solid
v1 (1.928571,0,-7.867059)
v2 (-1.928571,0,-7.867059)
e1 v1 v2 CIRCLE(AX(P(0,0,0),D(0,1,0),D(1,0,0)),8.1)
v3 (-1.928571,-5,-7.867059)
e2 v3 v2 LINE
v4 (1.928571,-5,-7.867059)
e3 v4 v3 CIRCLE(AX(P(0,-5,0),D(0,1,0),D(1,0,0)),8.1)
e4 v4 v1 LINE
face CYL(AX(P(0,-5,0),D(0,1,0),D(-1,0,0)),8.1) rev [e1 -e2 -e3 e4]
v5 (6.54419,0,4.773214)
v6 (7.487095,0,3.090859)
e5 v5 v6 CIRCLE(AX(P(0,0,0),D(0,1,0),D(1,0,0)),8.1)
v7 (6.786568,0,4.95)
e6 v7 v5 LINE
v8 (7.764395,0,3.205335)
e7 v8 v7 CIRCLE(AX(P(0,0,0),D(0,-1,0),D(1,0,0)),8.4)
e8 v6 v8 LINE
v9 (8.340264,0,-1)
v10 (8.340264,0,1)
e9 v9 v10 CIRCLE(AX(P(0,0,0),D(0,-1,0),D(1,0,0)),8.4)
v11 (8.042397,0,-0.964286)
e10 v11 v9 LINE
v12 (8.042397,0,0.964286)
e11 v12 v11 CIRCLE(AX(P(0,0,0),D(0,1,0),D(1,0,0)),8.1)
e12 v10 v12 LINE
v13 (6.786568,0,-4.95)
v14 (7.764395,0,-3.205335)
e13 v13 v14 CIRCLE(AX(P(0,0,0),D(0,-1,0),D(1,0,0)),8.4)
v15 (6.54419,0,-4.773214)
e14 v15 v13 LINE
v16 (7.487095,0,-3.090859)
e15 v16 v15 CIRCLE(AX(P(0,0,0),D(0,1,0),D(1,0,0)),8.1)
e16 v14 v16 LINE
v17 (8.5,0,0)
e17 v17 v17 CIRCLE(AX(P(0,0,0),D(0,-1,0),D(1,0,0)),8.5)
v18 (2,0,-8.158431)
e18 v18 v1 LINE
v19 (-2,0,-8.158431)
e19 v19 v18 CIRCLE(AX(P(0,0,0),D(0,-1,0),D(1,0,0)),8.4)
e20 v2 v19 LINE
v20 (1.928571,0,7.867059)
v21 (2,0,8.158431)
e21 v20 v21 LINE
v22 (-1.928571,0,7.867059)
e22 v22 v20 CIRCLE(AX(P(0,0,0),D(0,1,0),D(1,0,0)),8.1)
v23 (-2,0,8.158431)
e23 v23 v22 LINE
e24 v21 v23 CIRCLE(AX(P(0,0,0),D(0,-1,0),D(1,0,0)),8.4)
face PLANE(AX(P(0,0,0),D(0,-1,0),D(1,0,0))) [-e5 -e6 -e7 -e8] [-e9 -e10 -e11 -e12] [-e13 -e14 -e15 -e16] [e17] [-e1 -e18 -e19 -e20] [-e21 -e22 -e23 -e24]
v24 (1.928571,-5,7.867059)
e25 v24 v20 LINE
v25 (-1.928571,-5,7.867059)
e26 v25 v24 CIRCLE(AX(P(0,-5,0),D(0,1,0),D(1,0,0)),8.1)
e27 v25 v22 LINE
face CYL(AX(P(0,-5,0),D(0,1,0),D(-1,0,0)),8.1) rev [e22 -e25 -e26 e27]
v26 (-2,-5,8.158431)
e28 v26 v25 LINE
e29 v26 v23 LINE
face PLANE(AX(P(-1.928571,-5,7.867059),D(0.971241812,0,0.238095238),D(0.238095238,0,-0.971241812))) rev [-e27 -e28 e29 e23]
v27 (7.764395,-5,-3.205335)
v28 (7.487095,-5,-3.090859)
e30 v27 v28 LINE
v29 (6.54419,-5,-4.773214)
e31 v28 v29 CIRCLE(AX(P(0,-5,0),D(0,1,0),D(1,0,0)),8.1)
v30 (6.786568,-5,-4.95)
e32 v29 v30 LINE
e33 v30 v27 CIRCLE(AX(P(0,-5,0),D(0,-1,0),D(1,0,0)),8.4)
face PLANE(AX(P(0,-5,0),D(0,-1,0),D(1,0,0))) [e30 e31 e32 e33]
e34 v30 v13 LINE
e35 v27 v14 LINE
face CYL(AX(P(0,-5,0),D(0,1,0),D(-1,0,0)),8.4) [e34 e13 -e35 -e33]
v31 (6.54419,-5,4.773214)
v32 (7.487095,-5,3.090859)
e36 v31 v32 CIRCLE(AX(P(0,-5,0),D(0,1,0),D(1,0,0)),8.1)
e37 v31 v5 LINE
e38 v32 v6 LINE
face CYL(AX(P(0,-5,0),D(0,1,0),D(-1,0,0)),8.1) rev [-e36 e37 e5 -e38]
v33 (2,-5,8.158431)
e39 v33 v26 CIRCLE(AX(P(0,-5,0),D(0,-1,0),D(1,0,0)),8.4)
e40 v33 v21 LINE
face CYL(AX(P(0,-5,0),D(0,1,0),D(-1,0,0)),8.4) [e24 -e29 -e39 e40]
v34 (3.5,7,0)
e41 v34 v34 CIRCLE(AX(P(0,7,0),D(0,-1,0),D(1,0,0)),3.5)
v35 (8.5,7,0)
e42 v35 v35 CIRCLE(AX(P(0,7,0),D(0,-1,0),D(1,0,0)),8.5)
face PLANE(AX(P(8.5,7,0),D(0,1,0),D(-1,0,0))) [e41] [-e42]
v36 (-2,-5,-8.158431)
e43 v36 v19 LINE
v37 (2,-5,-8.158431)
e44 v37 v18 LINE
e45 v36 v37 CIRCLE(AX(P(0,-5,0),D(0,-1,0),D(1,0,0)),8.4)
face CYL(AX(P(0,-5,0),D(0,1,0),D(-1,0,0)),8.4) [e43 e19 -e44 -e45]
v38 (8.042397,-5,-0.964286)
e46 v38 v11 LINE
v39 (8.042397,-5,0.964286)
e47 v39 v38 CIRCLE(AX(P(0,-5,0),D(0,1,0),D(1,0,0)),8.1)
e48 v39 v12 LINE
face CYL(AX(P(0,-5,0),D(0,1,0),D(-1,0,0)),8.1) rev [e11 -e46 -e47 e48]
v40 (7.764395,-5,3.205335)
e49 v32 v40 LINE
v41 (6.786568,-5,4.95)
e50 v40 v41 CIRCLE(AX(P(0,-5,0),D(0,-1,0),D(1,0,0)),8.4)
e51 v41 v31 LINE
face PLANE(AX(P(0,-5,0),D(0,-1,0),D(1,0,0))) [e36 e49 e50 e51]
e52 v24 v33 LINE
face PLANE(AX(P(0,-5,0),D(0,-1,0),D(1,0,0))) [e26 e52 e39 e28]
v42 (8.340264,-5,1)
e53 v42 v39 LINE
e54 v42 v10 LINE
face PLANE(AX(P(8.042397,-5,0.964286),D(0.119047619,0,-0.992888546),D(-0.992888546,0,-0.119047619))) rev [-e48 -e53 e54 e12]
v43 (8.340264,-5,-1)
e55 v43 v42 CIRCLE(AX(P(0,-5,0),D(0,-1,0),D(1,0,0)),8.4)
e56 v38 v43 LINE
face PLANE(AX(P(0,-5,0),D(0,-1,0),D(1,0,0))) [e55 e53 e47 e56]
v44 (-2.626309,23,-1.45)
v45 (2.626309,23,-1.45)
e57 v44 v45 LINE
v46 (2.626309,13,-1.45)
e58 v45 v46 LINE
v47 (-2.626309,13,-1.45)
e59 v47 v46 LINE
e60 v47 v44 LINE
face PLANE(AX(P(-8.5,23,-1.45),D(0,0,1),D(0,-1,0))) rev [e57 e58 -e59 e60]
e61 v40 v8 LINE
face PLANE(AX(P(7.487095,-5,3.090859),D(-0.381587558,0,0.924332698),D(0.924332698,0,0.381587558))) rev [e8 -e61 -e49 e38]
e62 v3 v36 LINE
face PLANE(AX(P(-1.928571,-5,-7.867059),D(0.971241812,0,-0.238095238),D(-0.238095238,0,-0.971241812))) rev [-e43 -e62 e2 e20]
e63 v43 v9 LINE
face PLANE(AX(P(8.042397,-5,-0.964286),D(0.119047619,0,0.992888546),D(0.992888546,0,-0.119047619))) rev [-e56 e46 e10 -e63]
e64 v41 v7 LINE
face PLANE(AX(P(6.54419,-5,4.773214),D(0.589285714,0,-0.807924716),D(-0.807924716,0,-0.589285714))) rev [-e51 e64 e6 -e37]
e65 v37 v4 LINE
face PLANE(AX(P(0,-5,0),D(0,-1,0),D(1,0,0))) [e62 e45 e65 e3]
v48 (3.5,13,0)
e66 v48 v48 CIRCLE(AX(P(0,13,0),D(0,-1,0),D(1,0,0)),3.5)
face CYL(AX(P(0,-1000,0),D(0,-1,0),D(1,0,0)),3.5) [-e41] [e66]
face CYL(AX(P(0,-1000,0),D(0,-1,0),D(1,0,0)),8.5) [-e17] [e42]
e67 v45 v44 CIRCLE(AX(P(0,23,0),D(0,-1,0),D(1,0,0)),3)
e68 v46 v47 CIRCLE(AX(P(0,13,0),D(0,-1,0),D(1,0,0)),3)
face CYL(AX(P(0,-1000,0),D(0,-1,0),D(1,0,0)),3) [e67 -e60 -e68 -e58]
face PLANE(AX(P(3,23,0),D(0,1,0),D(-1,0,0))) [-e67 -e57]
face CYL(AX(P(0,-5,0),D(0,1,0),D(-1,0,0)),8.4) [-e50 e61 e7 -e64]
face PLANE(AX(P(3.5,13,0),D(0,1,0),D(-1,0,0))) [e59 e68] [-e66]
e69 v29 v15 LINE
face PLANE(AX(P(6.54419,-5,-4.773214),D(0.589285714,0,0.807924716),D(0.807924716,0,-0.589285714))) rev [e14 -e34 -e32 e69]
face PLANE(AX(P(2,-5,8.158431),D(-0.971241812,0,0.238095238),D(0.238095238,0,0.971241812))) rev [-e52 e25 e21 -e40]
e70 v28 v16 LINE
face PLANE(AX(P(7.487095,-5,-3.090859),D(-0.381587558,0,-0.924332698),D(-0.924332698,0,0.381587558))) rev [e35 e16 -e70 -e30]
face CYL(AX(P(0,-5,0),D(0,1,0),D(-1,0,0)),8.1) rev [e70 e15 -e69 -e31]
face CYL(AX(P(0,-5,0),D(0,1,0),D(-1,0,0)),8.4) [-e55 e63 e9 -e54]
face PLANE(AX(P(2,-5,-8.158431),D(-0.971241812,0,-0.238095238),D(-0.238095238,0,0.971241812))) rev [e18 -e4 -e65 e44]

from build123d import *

# Parameters (mm, degrees)
BOSS_EXTRUDE1_DEPTH     = 5
CUT_EXTRUDE1_DEPTH      = 26.951878545
CUT_EXTRUDE1_DEPTH_BACK = 26.951878545
SKETCH4_W               = 1.55
SKETCH4_H               = 10


with BuildPart() as part:
    # Sketch2 → Revolve1 (revolve)
    with BuildSketch(Plane.XY):
        Polygon((0, 0), (8.5, 0), (8.5, 7), (3.5, 7), (3.5, 13), (3, 13), (3, 23), (0, 23), align=None)
    revolve(axis=Axis((0, -1000, 0), (0, 1, 0)))

    # Sketch3 → Boss-Extrude1 (add)
    with BuildSketch(Plane.XZ):
        with BuildLine():
            Line((6.544190201, 4.773214286), (6.786567616, 4.95))
            ThreePointArc((6.786567616, 4.95), (7.327590965, 4.106873586), (7.76439466, 3.205335485))
            Line((7.76439466, 3.205335485), (7.48709485, 3.090859217))
            ThreePointArc((7.48709485, 3.090859217), (7.065891288, 3.960199529), (6.544190201, 4.773214286))
        make_face()
        with BuildLine():
            Line((8.042397221, 0.964285714), (8.340263785, 1))
            ThreePointArc((8.340263785, 1), (8.4, 0), (8.340263785, -1))
            Line((8.340263785, -1), (8.042397221, -0.964285714))
            ThreePointArc((8.042397221, -0.964285714), (8.1, 0), (8.042397221, 0.964285714))
        make_face()
        with BuildLine():
            Line((7.48709485, -3.090859217), (7.76439466, -3.205335485))
            ThreePointArc((7.76439466, -3.205335485), (7.327590965, -4.106873586), (6.786567616, -4.95))
            Line((6.786567616, -4.95), (6.544190201, -4.773214286))
            ThreePointArc((6.544190201, -4.773214286), (7.065891288, -3.960199529), (7.48709485, -3.090859217))
        make_face()
        with BuildLine():
            Line((-1.928571429, -7.867058678), (-2, -8.158431222))
            ThreePointArc((-2, -8.158431222), (0, -8.4), (2, -8.158431222))
            Line((2, -8.158431222), (1.928571429, -7.867058678))
            ThreePointArc((1.928571429, -7.867058678), (0, -8.1), (-1.928571429, -7.867058678))
        make_face()
        with BuildLine():
            Line((-1.928571429, 7.867058678), (-2, 8.158431222))
            ThreePointArc((-2, 8.158431222), (0, 8.4), (2, 8.158431222))
            Line((2, 8.158431222), (1.928571429, 7.867058678))
            ThreePointArc((1.928571429, 7.867058678), (0, 8.1), (-1.928571429, 7.867058678))
        make_face()
    extrude(amount=BOSS_EXTRUDE1_DEPTH)

    # Sketch4 → Cut-Extrude1 (cut, two sides: drawn at the far end of the back side and taken through both)
    with BuildSketch(Plane(origin=(0, 0, 0), x_dir=(0, 0, -1), z_dir=(1, 0, 0)).offset(-CUT_EXTRUDE1_DEPTH_BACK)):
        with Locations((2.225, 18)):
            Rectangle(SKETCH4_W, SKETCH4_H)
    extrude(amount=CUT_EXTRUDE1_DEPTH + CUT_EXTRUDE1_DEPTH_BACK, mode=Mode.SUBTRACT)


solid = part.part
